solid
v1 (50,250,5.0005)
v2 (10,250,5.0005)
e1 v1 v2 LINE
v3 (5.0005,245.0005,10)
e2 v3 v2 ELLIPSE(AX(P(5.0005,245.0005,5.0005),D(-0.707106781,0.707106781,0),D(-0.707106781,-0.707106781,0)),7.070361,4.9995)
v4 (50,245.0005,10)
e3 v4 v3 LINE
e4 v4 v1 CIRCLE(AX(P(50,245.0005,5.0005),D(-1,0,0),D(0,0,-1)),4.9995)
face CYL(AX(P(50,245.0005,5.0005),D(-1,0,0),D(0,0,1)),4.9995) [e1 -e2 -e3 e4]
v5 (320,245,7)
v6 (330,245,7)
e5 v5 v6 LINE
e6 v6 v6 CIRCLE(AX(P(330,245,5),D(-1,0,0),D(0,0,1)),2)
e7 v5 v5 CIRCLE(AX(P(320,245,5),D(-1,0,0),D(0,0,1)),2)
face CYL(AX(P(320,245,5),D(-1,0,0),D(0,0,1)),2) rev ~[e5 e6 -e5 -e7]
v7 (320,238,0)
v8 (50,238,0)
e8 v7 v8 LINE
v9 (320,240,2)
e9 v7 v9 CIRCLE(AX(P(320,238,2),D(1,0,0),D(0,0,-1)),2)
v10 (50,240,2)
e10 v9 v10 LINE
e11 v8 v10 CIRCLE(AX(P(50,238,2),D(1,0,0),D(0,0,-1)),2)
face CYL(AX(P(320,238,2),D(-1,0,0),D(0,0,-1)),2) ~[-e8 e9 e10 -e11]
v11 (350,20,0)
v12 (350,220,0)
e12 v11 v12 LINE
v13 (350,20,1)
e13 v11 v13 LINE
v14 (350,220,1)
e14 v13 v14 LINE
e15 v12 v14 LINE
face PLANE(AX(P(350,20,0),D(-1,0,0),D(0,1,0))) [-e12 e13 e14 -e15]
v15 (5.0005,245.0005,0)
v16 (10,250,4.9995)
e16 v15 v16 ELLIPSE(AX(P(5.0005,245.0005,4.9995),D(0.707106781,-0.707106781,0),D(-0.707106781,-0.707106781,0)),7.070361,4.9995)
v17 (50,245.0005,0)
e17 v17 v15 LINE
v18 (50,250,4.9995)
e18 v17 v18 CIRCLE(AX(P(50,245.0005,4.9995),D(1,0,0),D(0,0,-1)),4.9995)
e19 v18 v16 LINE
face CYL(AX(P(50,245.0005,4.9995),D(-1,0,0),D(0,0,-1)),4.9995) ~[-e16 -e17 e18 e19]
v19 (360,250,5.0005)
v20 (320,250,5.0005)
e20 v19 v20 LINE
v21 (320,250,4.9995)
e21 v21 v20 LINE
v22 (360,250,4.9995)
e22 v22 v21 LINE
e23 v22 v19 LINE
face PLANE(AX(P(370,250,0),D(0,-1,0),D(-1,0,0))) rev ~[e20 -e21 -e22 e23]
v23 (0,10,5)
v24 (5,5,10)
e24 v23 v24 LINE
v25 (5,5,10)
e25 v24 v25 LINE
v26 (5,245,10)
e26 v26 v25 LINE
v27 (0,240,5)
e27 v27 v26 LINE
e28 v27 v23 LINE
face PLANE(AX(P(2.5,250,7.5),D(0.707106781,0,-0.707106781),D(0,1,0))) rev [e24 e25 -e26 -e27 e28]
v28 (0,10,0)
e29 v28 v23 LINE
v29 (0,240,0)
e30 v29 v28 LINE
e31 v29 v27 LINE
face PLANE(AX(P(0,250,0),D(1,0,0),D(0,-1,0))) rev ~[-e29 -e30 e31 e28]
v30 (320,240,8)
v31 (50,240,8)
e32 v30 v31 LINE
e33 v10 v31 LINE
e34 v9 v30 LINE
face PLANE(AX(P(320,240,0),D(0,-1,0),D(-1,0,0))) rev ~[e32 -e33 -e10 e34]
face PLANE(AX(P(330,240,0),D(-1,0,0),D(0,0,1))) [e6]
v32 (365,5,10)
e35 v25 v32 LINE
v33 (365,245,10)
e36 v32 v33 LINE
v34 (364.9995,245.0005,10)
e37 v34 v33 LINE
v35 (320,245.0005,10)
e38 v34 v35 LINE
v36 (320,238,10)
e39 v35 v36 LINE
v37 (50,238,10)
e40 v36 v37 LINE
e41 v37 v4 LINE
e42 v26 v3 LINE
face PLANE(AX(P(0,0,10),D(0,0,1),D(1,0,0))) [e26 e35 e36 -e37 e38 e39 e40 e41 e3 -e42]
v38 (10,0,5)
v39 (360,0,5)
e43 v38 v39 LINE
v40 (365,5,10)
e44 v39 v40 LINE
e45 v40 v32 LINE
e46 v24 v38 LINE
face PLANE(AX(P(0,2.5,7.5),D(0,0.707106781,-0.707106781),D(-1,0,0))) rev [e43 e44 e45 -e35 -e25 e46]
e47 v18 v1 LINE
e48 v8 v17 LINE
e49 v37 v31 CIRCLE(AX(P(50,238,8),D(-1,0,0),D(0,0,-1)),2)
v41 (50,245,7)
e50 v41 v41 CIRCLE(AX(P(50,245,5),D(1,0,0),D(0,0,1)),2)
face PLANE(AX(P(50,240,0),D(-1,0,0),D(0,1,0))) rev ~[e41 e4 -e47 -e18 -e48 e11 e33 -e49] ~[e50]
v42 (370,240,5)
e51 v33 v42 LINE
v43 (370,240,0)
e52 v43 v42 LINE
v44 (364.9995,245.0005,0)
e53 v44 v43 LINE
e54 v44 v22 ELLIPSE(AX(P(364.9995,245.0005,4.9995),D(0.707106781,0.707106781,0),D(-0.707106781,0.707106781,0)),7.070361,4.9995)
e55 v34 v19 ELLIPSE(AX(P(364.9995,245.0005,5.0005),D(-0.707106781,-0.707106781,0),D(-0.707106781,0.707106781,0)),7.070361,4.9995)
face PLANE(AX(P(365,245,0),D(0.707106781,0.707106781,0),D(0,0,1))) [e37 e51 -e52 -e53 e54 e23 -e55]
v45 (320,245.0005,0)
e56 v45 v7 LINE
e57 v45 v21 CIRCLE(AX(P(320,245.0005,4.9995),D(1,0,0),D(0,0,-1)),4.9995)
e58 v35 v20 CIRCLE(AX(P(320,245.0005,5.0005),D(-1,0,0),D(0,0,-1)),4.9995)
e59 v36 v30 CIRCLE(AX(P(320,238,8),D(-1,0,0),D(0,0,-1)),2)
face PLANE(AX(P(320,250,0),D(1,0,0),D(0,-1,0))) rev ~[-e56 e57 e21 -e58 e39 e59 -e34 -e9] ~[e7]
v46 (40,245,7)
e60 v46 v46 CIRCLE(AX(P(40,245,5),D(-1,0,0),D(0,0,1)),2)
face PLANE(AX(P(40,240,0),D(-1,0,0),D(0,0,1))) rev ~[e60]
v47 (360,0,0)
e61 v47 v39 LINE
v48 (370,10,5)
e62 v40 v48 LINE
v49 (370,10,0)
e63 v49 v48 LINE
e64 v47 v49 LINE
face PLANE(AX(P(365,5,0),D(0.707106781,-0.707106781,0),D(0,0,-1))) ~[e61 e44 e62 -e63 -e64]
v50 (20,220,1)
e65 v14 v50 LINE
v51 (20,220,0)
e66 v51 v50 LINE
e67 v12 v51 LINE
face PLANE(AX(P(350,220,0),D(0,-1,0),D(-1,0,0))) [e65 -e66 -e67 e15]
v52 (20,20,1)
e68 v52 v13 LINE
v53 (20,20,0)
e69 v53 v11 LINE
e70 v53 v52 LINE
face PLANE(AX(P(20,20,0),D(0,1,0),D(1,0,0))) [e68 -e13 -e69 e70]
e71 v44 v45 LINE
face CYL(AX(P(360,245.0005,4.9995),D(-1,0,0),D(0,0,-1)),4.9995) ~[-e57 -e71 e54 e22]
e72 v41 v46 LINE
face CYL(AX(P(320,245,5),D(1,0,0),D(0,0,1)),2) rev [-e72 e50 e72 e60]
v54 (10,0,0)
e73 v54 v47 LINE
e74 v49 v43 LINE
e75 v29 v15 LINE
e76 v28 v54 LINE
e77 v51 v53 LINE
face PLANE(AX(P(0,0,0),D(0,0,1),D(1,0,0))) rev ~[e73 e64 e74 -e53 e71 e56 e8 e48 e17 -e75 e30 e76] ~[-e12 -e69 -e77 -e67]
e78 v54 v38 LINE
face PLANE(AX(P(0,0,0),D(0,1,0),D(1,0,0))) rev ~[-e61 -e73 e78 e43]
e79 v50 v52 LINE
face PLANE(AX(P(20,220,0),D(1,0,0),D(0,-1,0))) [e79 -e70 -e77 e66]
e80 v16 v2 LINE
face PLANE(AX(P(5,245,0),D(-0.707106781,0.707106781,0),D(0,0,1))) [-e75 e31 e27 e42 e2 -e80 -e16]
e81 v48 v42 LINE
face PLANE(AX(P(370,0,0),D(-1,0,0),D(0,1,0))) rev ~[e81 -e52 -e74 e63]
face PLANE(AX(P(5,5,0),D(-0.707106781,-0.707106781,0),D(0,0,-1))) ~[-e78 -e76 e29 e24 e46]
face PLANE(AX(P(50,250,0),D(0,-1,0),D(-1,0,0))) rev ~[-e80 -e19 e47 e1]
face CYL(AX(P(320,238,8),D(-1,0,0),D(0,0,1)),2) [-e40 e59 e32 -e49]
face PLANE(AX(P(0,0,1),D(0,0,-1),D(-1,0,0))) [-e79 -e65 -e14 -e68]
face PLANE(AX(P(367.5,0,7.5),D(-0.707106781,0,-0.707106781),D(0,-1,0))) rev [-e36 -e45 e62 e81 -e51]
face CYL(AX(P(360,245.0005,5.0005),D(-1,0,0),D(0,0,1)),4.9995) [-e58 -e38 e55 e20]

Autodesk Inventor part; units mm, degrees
ref_plane "YZ Plane" through (0, 0, 0) normal (1, 0, 0) x (0, 1, 0)
ref_plane "XZ Plane" through (0, 0, 0) normal (0, 1, 0) x (-1, 0, 0)
ref_plane "XY Plane" through (0, 0, 0) normal (0, 0, 1) x (1, 0, 0)
sketch "スケッチ1" plane through (0, 0, 0) normal (0, 0, 1) x (1, 0, 0)
  line L0 (0, 0) -> (370, 0)
  line L1 (370, 0) -> (370, 250)
  line L2 (370, 250) -> (320, 250)
  line L3 (320, 250) -> (320, 240)
  line L4 (320, 240) -> (50, 240)
  line L5 (50, 240) -> (50, 250)
  line L6 (50, 250) -> (0, 250)
  line L7 (0, 250) -> (0, 0)
  dimension "d0" = 50
  dimension "d1" = 10
  dimension "d2" = 250
  dimension "d3" = 370
extrude "押し出し1" add sketch "スケッチ1" along normal blind 10
chamfer "面取り1" distance 5 angle 45 3 edges at (185, 0, 10) (0, 125, 10) (370, 125, 10)
chamfer "面取り2" distance 10 angle 45 4 edges at (0, 0, 2.5) (370, 0, 2.5) (370, 250, 2.5) (0, 250, 2.5)
fillet "フィレット2" radius 5 4 edges at (30, 250, 10) (30, 250, 0) (340, 250, 10) (340, 250, 0)
sketch "スケッチ2" plane through (320, 240, 0) normal (-1, 0, 0) x (0, 0, 1)
  arc A0 (10, 5) -> (0, 5) centre (5, 5) ccw projected
  circle A1 centre (5, 5) radius 2
  point P0 (0, -240)
  dimension "d14" = 4
extrude "押し出し2" cut sketch "スケッチ2" along normal blind 280 and the other way blind 10
fillet "フィレット3" radius 2 2 edges at (185, 240, 10) (185, 240, 0)
sketch "スケッチ3" plane through (0, 0, 0) normal (0, 0, -1) x (-1, 0, 0)
  line L0 (-10, 0) -> (-360, 0) projected
  line L1 (-185, 0) -> (-185, 240) construction
  line L2 (-50, 240) -> (-320, 240) projected
  line L3 (-20, 20) -> (-350, 20)
  line L4 (-350, 20) -> (-350, 220)
  line L5 (-350, 220) -> (-20, 220)
  line L6 (-20, 220) -> (-20, 20)
  line L7 (-20, 20) -> (-350, 220) construction
  line L8 (-350, 20) -> (-20, 220) construction
  line L9 (-370, 10) -> (-370, 240) projected
  point P0 (0, 0)
  point P1 (-185, 120)
  dimension "d20" = 20
  dimension "d21" = 20
  dimension "d22" = 200
extrude "押し出し3" cut sketch "スケッチ3" against normal blind 1
properties part number "PCパーツ2"
